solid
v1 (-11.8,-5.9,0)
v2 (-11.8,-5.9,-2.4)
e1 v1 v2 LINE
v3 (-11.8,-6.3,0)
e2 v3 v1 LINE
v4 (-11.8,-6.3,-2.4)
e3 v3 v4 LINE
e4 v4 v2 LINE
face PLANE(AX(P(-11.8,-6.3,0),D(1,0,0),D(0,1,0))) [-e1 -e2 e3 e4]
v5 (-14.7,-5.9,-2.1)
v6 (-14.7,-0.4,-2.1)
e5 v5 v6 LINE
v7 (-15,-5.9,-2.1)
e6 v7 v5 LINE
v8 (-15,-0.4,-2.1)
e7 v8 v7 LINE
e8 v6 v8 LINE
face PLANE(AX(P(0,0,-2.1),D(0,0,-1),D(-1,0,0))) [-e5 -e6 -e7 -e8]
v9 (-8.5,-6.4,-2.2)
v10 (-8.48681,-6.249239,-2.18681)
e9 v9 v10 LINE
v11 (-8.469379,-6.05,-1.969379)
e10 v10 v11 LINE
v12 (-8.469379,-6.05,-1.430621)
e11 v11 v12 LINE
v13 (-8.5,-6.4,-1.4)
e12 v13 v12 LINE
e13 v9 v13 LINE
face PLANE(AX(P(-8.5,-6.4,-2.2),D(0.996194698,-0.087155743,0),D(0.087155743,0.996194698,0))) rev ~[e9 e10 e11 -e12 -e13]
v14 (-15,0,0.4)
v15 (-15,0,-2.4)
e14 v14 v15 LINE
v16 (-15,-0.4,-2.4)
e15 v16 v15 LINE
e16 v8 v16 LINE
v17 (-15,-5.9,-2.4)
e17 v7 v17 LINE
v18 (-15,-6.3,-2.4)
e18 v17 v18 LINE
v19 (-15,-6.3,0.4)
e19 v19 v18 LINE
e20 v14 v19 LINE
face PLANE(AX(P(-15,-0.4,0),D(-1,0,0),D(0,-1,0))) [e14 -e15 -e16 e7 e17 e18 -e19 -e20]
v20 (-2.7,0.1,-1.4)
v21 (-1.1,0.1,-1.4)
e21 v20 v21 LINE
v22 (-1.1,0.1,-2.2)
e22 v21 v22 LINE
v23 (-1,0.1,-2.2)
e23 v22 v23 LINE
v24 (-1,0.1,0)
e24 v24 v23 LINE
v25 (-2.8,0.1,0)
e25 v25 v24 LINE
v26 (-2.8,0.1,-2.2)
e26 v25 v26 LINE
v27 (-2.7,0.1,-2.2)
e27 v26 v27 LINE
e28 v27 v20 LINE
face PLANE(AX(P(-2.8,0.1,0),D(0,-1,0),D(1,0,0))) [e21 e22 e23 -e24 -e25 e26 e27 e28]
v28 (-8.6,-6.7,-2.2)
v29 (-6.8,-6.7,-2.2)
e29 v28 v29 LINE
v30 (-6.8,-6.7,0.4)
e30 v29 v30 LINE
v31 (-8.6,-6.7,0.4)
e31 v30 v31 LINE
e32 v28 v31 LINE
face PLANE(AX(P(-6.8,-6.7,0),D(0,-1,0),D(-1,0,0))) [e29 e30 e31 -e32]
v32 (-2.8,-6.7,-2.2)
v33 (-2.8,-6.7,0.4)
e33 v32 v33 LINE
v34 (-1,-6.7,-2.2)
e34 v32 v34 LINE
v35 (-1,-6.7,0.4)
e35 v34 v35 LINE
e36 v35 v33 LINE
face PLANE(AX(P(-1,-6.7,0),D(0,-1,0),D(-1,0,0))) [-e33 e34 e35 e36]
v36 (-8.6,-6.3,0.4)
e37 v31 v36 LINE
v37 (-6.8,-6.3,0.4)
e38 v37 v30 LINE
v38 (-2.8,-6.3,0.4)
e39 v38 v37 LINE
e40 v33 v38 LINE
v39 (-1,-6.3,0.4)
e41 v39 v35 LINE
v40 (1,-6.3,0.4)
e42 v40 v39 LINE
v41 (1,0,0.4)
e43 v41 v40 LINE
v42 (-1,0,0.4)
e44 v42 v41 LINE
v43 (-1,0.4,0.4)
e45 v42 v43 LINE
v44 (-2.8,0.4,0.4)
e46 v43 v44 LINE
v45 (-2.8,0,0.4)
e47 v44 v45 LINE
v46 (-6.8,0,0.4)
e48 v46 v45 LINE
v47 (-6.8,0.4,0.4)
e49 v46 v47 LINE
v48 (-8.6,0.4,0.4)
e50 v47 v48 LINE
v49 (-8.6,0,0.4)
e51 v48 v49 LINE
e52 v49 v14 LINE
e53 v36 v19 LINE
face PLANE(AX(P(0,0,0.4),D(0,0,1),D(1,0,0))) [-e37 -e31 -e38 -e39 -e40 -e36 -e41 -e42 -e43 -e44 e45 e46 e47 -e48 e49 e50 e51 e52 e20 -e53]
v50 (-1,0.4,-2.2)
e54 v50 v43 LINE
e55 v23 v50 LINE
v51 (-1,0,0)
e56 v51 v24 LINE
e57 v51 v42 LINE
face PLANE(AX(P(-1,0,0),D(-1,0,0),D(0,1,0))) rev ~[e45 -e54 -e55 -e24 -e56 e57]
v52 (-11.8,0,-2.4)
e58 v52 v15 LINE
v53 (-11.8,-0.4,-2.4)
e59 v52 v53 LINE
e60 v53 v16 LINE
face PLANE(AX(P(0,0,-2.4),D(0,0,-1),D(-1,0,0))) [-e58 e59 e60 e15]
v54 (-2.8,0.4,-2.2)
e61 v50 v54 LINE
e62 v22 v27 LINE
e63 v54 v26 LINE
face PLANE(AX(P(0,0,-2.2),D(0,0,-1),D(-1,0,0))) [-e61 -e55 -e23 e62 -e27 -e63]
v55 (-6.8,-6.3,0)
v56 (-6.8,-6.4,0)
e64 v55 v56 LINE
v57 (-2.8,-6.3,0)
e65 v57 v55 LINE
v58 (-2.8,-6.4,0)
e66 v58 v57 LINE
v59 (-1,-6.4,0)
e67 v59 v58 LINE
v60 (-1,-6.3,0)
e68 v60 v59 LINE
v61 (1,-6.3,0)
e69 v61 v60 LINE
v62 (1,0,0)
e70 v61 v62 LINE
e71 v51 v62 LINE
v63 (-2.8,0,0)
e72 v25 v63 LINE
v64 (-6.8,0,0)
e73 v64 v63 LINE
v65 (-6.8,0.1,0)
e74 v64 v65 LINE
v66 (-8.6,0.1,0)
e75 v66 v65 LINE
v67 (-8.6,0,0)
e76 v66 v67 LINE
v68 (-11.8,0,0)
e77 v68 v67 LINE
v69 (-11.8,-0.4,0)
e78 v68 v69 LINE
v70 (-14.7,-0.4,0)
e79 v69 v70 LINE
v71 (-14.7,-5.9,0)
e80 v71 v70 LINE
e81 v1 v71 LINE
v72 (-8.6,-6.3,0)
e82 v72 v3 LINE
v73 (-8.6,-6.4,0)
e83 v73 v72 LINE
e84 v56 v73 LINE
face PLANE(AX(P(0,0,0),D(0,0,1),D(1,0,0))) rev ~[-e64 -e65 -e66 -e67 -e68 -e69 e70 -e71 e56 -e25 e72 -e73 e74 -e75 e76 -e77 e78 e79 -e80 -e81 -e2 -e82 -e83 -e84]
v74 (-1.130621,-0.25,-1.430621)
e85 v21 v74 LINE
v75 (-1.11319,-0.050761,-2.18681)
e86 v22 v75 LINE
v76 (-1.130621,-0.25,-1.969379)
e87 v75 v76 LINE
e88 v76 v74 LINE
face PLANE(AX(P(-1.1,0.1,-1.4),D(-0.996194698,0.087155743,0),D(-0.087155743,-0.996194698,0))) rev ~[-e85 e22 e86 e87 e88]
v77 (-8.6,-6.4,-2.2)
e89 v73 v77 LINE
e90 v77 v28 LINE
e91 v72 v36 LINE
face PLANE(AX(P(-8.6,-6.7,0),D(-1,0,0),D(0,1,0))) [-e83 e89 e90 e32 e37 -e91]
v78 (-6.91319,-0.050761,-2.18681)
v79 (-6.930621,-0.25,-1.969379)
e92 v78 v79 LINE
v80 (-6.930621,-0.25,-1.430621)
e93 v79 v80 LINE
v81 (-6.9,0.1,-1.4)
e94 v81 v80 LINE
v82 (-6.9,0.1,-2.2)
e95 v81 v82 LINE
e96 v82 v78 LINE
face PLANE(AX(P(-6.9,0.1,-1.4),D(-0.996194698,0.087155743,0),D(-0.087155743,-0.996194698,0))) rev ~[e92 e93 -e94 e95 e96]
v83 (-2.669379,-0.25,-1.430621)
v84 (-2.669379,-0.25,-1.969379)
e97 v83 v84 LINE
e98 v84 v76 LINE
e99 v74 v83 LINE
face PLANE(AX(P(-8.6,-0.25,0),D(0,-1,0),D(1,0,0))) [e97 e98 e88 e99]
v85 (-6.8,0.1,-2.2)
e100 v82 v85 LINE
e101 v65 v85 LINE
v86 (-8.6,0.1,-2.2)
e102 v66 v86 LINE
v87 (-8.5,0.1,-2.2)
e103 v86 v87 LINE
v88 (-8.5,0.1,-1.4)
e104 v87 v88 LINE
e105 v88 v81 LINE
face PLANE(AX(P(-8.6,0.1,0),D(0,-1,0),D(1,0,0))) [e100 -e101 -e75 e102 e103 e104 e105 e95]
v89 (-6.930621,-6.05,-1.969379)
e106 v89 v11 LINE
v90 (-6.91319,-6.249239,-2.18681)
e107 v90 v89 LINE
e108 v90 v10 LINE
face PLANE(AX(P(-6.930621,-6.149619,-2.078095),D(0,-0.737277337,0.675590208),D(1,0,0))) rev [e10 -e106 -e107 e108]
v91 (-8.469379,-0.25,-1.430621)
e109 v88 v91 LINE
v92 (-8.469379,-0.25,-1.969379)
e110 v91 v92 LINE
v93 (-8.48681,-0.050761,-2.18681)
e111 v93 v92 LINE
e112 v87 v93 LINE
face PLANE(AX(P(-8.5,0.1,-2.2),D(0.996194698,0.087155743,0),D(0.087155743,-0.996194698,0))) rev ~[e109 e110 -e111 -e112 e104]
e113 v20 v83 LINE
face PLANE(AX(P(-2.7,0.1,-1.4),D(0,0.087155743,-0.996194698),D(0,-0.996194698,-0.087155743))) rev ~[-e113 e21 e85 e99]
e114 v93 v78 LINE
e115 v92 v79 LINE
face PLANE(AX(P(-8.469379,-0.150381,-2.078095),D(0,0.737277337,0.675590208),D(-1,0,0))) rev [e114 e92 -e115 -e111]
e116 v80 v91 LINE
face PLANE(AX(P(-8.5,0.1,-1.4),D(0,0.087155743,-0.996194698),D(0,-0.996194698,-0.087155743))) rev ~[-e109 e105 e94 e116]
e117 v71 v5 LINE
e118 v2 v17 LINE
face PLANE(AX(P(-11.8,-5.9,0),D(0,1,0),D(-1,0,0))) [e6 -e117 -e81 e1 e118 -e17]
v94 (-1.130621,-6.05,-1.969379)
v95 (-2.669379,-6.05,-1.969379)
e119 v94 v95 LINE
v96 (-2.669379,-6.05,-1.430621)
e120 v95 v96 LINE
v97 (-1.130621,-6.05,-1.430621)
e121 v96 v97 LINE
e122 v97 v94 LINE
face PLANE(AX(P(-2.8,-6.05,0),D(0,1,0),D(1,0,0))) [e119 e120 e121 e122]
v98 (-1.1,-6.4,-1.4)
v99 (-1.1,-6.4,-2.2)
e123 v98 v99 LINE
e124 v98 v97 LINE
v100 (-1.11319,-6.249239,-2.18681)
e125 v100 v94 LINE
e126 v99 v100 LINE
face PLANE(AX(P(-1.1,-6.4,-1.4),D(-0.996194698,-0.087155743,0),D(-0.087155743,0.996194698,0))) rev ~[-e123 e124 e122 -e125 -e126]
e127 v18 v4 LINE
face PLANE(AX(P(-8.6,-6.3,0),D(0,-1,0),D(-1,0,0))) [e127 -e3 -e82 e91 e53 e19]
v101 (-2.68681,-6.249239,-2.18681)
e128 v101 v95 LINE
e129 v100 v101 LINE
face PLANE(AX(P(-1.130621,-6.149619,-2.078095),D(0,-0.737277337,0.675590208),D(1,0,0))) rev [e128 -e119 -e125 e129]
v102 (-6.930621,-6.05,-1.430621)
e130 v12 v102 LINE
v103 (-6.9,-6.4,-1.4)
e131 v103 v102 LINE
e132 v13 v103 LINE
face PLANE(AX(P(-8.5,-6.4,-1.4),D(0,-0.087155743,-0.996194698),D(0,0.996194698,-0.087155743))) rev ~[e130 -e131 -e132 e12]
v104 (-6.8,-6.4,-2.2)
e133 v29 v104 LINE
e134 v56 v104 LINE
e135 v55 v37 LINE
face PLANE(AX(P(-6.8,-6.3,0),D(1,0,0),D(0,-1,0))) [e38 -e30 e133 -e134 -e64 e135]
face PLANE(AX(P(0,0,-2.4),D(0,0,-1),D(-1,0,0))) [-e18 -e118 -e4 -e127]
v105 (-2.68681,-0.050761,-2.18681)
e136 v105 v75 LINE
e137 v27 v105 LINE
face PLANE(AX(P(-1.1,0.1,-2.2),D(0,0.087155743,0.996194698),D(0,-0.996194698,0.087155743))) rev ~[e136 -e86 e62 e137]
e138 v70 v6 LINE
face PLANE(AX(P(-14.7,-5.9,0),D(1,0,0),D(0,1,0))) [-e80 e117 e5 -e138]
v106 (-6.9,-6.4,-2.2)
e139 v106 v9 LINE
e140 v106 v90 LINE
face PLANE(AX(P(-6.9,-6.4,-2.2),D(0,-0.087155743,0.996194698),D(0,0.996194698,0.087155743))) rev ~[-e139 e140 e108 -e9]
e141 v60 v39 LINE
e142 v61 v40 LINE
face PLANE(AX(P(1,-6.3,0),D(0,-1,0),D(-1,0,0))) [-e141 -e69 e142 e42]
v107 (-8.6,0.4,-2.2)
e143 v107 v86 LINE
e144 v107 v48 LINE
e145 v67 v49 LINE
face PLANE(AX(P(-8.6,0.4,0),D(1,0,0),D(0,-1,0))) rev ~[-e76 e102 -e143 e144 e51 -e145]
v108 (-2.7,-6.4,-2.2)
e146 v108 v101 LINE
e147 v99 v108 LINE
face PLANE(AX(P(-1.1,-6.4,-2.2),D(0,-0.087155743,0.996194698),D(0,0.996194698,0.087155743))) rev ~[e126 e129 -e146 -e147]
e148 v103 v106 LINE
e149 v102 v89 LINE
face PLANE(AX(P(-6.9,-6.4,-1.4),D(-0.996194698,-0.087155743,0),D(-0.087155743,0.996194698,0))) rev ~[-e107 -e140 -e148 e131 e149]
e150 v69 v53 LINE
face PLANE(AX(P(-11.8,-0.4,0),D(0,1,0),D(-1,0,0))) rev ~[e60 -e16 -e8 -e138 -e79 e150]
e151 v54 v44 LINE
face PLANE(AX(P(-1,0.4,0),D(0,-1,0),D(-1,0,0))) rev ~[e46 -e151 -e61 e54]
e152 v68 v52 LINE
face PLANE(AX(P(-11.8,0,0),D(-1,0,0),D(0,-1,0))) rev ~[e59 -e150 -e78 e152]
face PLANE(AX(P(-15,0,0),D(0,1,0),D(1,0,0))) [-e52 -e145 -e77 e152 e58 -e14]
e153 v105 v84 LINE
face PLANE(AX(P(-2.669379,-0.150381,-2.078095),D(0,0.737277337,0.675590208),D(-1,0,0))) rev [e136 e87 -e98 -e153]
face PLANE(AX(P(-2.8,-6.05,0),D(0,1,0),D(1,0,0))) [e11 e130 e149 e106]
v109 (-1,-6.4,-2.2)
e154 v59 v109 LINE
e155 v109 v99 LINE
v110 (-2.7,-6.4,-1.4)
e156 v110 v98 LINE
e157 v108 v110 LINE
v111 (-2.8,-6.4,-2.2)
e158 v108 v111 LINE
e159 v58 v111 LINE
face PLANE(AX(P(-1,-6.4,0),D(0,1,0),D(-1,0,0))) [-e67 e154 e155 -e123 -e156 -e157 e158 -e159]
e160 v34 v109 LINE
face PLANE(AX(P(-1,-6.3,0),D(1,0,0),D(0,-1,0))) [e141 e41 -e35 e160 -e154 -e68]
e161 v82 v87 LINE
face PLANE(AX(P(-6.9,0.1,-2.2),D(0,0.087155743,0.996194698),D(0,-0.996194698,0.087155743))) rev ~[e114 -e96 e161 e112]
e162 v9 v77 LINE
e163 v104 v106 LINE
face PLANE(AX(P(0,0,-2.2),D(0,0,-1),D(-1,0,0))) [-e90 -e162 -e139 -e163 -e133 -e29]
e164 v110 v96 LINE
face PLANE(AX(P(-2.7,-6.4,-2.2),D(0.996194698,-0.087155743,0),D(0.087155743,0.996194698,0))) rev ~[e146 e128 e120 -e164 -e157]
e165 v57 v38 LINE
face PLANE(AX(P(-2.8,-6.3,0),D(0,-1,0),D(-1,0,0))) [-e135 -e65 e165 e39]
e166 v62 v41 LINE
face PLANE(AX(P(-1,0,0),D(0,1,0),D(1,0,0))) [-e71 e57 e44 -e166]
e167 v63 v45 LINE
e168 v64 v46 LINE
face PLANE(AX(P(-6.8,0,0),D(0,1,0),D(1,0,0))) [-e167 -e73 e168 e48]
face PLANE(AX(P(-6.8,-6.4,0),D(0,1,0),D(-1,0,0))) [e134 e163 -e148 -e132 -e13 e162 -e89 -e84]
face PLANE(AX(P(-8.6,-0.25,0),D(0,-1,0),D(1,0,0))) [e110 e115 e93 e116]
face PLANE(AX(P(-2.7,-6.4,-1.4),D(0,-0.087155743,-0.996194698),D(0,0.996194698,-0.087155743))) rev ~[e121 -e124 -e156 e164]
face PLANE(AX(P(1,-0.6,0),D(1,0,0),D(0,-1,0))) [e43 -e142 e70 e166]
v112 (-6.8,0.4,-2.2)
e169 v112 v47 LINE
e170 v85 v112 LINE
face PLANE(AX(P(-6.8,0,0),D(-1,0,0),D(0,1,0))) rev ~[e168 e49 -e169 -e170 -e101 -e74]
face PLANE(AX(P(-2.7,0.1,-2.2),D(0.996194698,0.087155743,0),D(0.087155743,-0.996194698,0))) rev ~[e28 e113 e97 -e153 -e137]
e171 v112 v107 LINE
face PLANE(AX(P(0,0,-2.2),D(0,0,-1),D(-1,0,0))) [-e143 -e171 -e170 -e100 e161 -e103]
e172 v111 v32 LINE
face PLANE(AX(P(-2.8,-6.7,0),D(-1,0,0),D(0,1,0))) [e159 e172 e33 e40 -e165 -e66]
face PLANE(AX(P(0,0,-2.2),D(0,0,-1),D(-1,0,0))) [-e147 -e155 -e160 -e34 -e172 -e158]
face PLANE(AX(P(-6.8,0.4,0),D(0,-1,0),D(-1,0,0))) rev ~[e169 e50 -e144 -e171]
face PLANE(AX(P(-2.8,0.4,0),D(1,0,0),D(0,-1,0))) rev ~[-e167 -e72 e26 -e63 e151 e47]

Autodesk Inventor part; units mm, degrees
ref_plane "YZ Plane" through (0, 0, 0) normal (1, 0, 0) x (0, 1, 0)
ref_plane "XZ Plane" through (0, 0, 0) normal (0, 1, 0) x (-1, 0, 0)
sketch "Sketch1" plane through (0, 0, 0) normal (0, 0, 1) x (1, 0, 0)
  line L0 (1, -0.6) -> (1, -5.45) projected
  line L1 (-15, 0) -> (-11.6, 0)
  line L2 (-6.8, -6.3) -> (-8.6, -6.3) projected
  line L3 (-8.6, 0) -> (-6.8, 0) projected
  line L4 (-2.8, 0) -> (-1, 0) projected
  line L5 (-6.8, -6.3) -> (-8.6, -6.3) projected
  line L6 (-1, -6.3) -> (-2.8, -6.3) projected
  line L7 (-8.6, -6.3) -> (-6.8, -6.3)
  line L8 (-6.8, -6.3) -> (-6.8, -6.7)
  line L9 (-6.8, -6.7) -> (-8.6, -6.7)
  line L10 (-8.6, -6.7) -> (-8.6, -6.3)
  line L11 (-8.6, 0) -> (-6.8, 0)
  line L12 (-6.8, 0) -> (-6.8, 0.4)
  line L13 (-6.8, 0.4) -> (-8.6, 0.4)
  line L14 (-8.6, 0.4) -> (-8.6, 0)
  line L15 (-2.8, 0) -> (-1, 0)
  line L16 (-1, 0) -> (-1, 0.4)
  line L17 (-1, 0.4) -> (-2.8, 0.4)
  line L18 (-2.8, 0.4) -> (-2.8, 0)
  line L19 (-2.8, -6.3) -> (-1, -6.3)
  line L20 (-1, -6.3) -> (-1, -6.7)
  line L21 (-1, -6.7) -> (-2.8, -6.7)
  line L22 (-2.8, -6.7) -> (-2.8, -6.3)
  line L23 (-8.6, -5.9) -> (-8.6, -6.3) projected
  line L24 (-6.8, -5.9) -> (-6.8, -6.3) projected
  line L25 (-2.8, -5.9) -> (-2.8, -6.3) projected
  line L26 (-1, -5.9) -> (-1, -6.3) projected
  line L27 (1, -6.3) -> (-15, -6.3)
  line L28 (-15, -6.3) -> (-15, 0)
  line L29 (-15, 0) -> (1, 0)
  line L30 (1, 0) -> (1, -6.3)
  line L31 (-15, -1.7791) -> (-15, -4.5209) projected
  point P0 (0, 0)
  dimension "d2" = 0.4
extrude "Extrusion1" add sketch "Sketch1" along normal blind 0.4
sketch "Sketch2" plane through (0, 0, 0) normal (0, 0, -1) x (-1, 0, 0)
  line L0 (8.6, -6.7) -> (6.8, -6.7) projected
  line L1 (6.8, -6.7) -> (6.8, -6.3) projected
  line L2 (8.6, -6.7) -> (6.8, -6.7)
  line L3 (6.8, -6.7) -> (6.8, -6.4)
  line L4 (6.8, -6.4) -> (8.6, -6.4)
  line L5 (8.6, -6.4) -> (8.6, -6.7)
  line L6 (2.8, -6.3) -> (2.8, -6.7) projected
  line L7 (1, -6.7) -> (1, -6.3) projected
  line L8 (2.8, -6.7) -> (1, -6.7)
  line L9 (1, -6.7) -> (1, -6.4)
  line L10 (1, -6.4) -> (2.8, -6.4)
  line L11 (2.8, -6.4) -> (2.8, -6.7)
  line L12 (1, 0) -> (1, 0.4) projected
  line L13 (2.8, 0.4) -> (2.8, 0) projected
  line L14 (1, 0.4) -> (2.8, 0.4)
  line L15 (2.8, 0.4) -> (2.8, 0.1)
  line L16 (2.8, 0.1) -> (1, 0.1)
  line L17 (1, 0.1) -> (1, 0.4)
  line L18 (6.8, 0.4) -> (8.6, 0.4) projected
  line L19 (8.6, 0.4) -> (8.6, 0) projected
  line L20 (6.8, 0.4) -> (8.6, 0.4)
  line L21 (8.6, 0.4) -> (8.6, 0.1)
  line L22 (8.6, 0.1) -> (6.8, 0.1)
  line L23 (6.8, 0.1) -> (6.8, 0.4)
  line L24 (6.8, -6.3) -> (2.8, -6.3) projected
  line L25 (2.8, 0) -> (6.8, 0) projected
  point P0 (0, 0)
  dimension "d3" = 0.1
  dimension "d4" = 0.1
ref_plane "Work Plane1" through (-8.6, -0.4, -2.2) normal (0, 0, 1) x (1, 0, 0)
extrude "Extrusion2" add sketch "Sketch2" along normal up to surface (2.2 mm away)
sketch "Sketch3" plane through (-8.6, 0.1, 0) normal (0, -1, 0) x (1, 0, 0)
  line L0 (0.1, -1.4) -> (1.7, -1.4)
  line L1 (1.7, -1.4) -> (1.7, -2.2)
  line L2 (1.7, -2.2) -> (0.1, -2.2)
  line L3 (0.1, -2.2) -> (0.1, -1.4)
  line L4 (5.9, -1.4) -> (7.5, -1.4)
  line L5 (7.5, -1.4) -> (7.5, -2.2)
  line L6 (7.5, -2.2) -> (5.9, -2.2)
  line L7 (5.9, -2.2) -> (5.9, -1.4)
  line L8 (1.8, -2.2) -> (1.8, -1.2) projected
  line L9 (1.8, -1.2) -> (0, -1.2) projected
  line L10 (0, -2.2) -> (1.8, -2.2) projected
  line L11 (0, -1.2) -> (0, -2.2) projected
  line L12 (7.6, -2.2) -> (7.6, -1.2) projected
  line L13 (5.8, -2.2) -> (7.6, -2.2) projected
  line L14 (7.6, -1.2) -> (5.8, -1.2) projected
  line L15 (5.8, -1.2) -> (5.8, -2.2) projected
  line L16 (1.8, -2.2) -> (0, -2.2) projected
  line L17 (7.6, -2.2) -> (5.8, -2.2) projected
  point P0 (8.6, 0)
  point P1 (6.7, -1.2)
  dimension "d7" = 0.1
  dimension "d8" = 0.2
  dimension "d9" = 0.1
  dimension "d10" = 0.1
  dimension "d11" = 0.2
  dimension "d12" = 0.1
extrude "Extrusion3" add sketch "Sketch3" along normal blind 0.35 draft -5 contours L0 L1 L2 L3 | L4 L5 L6 L7
sketch "Sketch4" plane through (-2.8, -6.4, 0) normal (0, 1, 0) x (1, 0, 0)
  line L0 (-4.1, 2.2) -> (-5.7, 2.2) projected
  line L1 (-5.7, 2.2) -> (-5.7, 1.4) projected
  line L2 (-4.1, 1.4) -> (-4.1, 2.2) projected
  line L3 (-5.7, 1.4) -> (-4.1, 1.4) projected
  line L4 (0.1, 1.4) -> (1.7, 1.4) projected
  line L5 (0.1, 2.2) -> (0.1, 1.4) projected
  line L6 (1.7, 2.2) -> (0.1, 2.2) projected
  line L7 (1.7, 1.4) -> (1.7, 2.2) projected
  point P0 (2.8, 0)
extrude "Extrusion4" add sketch "Sketch4" along normal blind 0.35 draft -5
chamfer "Chamfer1" distance 0.2 angle 45 4 edges at (-1.9, -0.25, -2.1694) (-7.7, -0.25, -2.1694) (-1.9, -6.05, -2.1694) (-7.7, -6.05, -2.1694)
sketch "Sketch5" plane through (0, 0, 0) normal (0, 0, -1) x (-1, 0, 0)
  line L0 (15, -6.3) -> (11.8, -6.3)
  line L1 (11.8, -6.3) -> (11.8, -5.9)
  line L2 (11.8, -5.9) -> (15, -5.9)
  line L3 (15, -5.9) -> (15, -6.3)
  line L4 (8.6, 0) -> (15, 0) projected
  line L5 (15, 0) -> (11.8, 0)
  line L6 (11.8, 0) -> (11.8, -0.4)
  line L7 (11.8, -0.4) -> (15, -0.4)
  line L8 (15, -0.4) -> (15, 0)
  line L9 (11.6, 0) -> (11.6, -0.4) projected
  line L10 (11.6, -5.9) -> (11.6, -6.3) projected
  point P0 (0, 0)
  dimension "d20" = 0.2
  dimension "d21" = 0.2
extrude "Extrusion5" add sketch "Sketch5" along normal blind 2.4
sketch "Sketch6" plane through (0, 0, 0) normal (0, 0, -1) x (-1, 0, 0)
  line L0 (15, -0.4) -> (15, -5.9) projected
  line L1 (15, -5.9) -> (14.7, -5.9)
  line L2 (14.7, -5.9) -> (14.7, -0.4)
  line L3 (14.7, -0.4) -> (15, -0.4)
  line L4 (15, -0.4) -> (15, -5.9)
  line L5 (15, -0.4) -> (11.8, -0.4) projected
  point P0 (0, 0)
  dimension "d24" = 0.3
extrude "Extrusion6" add sketch "Sketch6" along normal blind 2.1
equation "\"d8\" = d11"
equation "\"d9\" = d7"
equation "\"d10\" = d7"
equation "\"d12\" = d7"
equation "\"d21\" = d20"
properties part number "np2_cap_open_top"
